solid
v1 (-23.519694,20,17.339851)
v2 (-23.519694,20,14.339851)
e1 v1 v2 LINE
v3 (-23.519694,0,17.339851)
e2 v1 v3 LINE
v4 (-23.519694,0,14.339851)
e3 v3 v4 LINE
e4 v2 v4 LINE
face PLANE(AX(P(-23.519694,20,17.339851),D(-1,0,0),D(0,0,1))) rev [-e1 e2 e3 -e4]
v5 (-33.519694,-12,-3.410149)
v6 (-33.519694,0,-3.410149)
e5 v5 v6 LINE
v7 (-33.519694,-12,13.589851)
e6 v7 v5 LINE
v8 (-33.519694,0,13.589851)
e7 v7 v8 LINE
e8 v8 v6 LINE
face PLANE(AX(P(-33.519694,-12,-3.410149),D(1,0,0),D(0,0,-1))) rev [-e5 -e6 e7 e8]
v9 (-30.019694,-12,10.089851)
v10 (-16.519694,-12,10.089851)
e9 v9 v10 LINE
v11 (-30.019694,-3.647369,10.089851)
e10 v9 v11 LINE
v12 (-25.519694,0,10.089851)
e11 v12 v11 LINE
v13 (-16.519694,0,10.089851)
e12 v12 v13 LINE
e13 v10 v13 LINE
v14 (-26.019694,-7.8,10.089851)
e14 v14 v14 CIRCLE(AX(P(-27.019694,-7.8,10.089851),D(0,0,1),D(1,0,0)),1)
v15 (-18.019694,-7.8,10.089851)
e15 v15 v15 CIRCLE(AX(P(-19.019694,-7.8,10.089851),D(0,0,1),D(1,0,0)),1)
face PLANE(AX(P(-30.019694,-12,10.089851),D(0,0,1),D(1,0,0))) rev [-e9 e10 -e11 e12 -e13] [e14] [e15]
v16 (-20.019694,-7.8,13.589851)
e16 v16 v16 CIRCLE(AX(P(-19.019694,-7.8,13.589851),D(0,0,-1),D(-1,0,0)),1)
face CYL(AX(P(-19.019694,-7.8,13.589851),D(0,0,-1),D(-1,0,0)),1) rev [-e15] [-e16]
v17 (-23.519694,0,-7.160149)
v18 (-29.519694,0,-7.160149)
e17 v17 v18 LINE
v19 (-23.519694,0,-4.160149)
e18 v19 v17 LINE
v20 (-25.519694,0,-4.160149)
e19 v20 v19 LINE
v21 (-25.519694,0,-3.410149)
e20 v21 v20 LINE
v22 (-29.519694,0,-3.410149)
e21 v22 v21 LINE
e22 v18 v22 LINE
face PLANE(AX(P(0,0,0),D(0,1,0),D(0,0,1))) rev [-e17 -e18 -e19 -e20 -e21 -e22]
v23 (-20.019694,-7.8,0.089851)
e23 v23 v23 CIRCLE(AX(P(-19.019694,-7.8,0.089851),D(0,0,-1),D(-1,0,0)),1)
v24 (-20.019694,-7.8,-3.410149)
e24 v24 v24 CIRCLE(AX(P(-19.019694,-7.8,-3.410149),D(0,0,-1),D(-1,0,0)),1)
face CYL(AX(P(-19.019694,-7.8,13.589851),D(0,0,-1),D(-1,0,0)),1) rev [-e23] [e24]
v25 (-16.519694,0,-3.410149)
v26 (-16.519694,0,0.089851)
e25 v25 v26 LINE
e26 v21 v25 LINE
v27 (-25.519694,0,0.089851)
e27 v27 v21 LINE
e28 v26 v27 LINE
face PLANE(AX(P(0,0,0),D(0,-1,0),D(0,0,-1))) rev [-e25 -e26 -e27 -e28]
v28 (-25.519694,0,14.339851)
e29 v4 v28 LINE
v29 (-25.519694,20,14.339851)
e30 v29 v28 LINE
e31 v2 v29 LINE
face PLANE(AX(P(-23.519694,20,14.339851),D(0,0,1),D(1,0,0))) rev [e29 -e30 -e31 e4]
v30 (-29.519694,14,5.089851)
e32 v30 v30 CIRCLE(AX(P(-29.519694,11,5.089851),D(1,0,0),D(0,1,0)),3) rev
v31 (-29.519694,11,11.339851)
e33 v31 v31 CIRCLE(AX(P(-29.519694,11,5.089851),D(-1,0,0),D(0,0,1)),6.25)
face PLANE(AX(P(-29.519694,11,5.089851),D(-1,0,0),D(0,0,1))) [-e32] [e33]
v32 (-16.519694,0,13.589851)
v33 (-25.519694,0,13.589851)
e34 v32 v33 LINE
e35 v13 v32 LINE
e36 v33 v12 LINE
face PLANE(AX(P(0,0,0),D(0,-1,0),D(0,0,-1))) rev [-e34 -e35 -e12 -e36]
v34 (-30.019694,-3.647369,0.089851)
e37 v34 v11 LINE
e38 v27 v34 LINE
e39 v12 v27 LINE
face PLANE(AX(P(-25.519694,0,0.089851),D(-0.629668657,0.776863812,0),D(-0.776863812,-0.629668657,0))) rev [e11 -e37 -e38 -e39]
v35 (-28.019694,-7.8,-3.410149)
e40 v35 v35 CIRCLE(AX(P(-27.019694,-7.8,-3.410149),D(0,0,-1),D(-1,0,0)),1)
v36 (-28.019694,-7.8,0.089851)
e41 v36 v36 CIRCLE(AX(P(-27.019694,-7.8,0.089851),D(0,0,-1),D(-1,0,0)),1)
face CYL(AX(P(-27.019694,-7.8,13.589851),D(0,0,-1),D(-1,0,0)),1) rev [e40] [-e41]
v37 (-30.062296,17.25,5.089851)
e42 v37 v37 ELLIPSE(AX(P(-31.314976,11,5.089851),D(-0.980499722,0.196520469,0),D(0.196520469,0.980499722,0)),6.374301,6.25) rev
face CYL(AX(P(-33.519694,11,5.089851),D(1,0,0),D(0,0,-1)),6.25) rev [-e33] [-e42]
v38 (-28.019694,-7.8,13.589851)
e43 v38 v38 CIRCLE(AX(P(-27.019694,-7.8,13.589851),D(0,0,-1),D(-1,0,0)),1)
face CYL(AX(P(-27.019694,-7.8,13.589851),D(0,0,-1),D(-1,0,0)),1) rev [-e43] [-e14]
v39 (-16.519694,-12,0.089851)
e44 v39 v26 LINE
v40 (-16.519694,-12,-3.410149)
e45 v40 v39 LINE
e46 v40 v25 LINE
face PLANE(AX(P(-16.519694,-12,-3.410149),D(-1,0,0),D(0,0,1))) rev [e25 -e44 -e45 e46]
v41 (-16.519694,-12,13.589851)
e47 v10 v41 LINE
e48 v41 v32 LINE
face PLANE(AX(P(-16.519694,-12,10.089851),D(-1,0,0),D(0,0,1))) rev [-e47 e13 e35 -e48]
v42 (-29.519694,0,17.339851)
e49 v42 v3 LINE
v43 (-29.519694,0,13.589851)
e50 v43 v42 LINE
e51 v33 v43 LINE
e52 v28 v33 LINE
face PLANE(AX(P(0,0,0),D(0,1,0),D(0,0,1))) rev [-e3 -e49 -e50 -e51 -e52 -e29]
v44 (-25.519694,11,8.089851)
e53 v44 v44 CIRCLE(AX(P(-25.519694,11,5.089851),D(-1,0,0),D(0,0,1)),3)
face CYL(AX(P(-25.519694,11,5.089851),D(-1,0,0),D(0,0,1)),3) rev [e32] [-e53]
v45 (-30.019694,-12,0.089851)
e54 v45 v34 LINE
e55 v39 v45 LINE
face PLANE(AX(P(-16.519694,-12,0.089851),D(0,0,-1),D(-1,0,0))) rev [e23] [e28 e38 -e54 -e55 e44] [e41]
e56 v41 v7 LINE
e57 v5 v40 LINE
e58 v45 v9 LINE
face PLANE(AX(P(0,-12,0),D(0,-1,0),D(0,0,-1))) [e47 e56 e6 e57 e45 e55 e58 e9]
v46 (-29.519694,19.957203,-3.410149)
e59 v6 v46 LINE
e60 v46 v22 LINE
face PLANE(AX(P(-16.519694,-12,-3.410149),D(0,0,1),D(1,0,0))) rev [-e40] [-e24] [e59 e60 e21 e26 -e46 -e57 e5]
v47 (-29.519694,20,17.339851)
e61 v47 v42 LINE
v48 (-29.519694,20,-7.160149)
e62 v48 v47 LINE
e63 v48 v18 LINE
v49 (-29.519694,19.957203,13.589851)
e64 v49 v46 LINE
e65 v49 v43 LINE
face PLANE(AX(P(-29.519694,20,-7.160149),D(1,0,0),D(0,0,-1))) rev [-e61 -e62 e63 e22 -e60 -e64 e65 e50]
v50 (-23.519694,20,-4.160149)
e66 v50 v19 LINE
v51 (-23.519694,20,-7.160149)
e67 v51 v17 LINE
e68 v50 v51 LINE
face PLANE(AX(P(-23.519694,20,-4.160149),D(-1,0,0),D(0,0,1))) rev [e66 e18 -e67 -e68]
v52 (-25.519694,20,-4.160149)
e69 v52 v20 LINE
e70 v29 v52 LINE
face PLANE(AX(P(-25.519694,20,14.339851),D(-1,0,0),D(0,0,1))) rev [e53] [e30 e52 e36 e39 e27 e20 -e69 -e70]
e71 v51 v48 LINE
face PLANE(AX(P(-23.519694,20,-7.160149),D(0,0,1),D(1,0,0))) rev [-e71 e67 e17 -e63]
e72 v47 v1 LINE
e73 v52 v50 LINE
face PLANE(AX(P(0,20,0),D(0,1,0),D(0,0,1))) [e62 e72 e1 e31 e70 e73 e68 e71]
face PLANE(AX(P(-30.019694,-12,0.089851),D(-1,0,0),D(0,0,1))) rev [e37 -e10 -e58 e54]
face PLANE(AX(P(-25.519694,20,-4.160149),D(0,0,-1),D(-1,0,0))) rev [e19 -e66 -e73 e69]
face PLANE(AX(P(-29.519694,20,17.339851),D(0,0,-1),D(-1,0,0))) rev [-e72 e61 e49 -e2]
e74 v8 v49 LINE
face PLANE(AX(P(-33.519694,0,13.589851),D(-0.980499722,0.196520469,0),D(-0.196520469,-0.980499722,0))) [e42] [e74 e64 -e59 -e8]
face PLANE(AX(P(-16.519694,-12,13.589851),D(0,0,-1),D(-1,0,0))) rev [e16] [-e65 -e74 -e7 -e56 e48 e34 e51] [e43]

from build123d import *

# Parameters (mm, degrees)
BOSS_EXTRUDE1_DEPTH = 20
SKETCH3_R           = 3
CUT_EXTRUDE1_DEPTH  = 4
BOSS_EXTRUDE2_DEPTH = 12
SKETCH5_R           = 1
CUT_EXTRUDE2_DEPTH  = 17
BOSS_EXTRUDE3_DEPTH = 17
SKETCH10_R          = 6.25
CUT_EXTRUDE3_DEPTH  = 4
BOSS_EXTRUDE4_DEPTH = 10


with BuildPart() as part:
    # Sketch2 → Boss-Extrude1 (new body)
    with BuildSketch(Plane(origin=(0, 0, 0), x_dir=(1, 0, 0), z_dir=(0, 1, 0))):
        Polygon((-29.519694138, 7.160148579), (-29.519694138, -17.339851421), (-23.519694138, -17.339851421), (-23.519694138, -14.339851421), (-25.519694138, -14.339851421), (-25.519694138, 4.160148579), (-23.519694138, 4.160148579), (-23.519694138, 7.160148579), align=None)
    extrude(amount=BOSS_EXTRUDE1_DEPTH)

    # Sketch3 → Cut-Extrude1 (cut)
    with BuildSketch(Plane.ZY.offset(29.519694138)):
        with Locations((5.089851421, 11)):
            Circle(SKETCH3_R)
    extrude(amount=-CUT_EXTRUDE1_DEPTH, mode=Mode.SUBTRACT)

    # Sketch4 → Boss-Extrude2 (add)
    with BuildSketch(Plane.XZ):
        Polygon((-16.519694138, -3.410148579), (-33.519694138, -3.410148579), (-33.519694138, 13.589851421), (-16.519694138, 13.589851421), (-16.519694138, 10.089851421), (-30.019694138, 10.089851421), (-30.019694138, 0.089851421), (-16.519694138, 0.089851421), align=None)
    extrude(amount=BOSS_EXTRUDE2_DEPTH)

    # Sketch5 → Cut-Extrude2 (cut)
    with BuildSketch(Plane(origin=(0, 0, -3.410148579), x_dir=(-1, 0, 0), z_dir=(0, 0, -1))):
        with Locations((19.019694138, -7.8)):
            Circle(SKETCH5_R)
        with Locations((27.019694138, -7.8)):
            Circle(SKETCH5_R)
    extrude(amount=-CUT_EXTRUDE2_DEPTH, mode=Mode.SUBTRACT)

    # Sketch6 → Boss-Extrude3 (add)
    with BuildSketch(Plane(origin=(0, 0, -3.410148579), x_dir=(-1, 0, 0), z_dir=(0, 0, -1))):
        Polygon((33.519694138, 0), (29.519694138, 19.957202976), (29.519694138, 0), align=None)
    extrude(amount=-BOSS_EXTRUDE3_DEPTH)

    # Sketch10 → Cut-Extrude3 (cut)
    with BuildSketch(Plane.ZY.offset(29.519694138)):
        with Locations(Location((5.089851421, 11, 0), (0, 0, 90))):
            Circle(SKETCH10_R)
    extrude(amount=CUT_EXTRUDE3_DEPTH, mode=Mode.SUBTRACT)

    # Sketch11 → Boss-Extrude4 (add)
    with BuildSketch(Plane(origin=(0, 0, 10.089851421), x_dir=(-1, 0, 0), z_dir=(0, 0, -1))):
        Polygon((25.519694138, 0), (30.019694138, -3.647368963), (30.019694138, 0), align=None)
    extrude(amount=BOSS_EXTRUDE4_DEPTH)


solid = part.part
